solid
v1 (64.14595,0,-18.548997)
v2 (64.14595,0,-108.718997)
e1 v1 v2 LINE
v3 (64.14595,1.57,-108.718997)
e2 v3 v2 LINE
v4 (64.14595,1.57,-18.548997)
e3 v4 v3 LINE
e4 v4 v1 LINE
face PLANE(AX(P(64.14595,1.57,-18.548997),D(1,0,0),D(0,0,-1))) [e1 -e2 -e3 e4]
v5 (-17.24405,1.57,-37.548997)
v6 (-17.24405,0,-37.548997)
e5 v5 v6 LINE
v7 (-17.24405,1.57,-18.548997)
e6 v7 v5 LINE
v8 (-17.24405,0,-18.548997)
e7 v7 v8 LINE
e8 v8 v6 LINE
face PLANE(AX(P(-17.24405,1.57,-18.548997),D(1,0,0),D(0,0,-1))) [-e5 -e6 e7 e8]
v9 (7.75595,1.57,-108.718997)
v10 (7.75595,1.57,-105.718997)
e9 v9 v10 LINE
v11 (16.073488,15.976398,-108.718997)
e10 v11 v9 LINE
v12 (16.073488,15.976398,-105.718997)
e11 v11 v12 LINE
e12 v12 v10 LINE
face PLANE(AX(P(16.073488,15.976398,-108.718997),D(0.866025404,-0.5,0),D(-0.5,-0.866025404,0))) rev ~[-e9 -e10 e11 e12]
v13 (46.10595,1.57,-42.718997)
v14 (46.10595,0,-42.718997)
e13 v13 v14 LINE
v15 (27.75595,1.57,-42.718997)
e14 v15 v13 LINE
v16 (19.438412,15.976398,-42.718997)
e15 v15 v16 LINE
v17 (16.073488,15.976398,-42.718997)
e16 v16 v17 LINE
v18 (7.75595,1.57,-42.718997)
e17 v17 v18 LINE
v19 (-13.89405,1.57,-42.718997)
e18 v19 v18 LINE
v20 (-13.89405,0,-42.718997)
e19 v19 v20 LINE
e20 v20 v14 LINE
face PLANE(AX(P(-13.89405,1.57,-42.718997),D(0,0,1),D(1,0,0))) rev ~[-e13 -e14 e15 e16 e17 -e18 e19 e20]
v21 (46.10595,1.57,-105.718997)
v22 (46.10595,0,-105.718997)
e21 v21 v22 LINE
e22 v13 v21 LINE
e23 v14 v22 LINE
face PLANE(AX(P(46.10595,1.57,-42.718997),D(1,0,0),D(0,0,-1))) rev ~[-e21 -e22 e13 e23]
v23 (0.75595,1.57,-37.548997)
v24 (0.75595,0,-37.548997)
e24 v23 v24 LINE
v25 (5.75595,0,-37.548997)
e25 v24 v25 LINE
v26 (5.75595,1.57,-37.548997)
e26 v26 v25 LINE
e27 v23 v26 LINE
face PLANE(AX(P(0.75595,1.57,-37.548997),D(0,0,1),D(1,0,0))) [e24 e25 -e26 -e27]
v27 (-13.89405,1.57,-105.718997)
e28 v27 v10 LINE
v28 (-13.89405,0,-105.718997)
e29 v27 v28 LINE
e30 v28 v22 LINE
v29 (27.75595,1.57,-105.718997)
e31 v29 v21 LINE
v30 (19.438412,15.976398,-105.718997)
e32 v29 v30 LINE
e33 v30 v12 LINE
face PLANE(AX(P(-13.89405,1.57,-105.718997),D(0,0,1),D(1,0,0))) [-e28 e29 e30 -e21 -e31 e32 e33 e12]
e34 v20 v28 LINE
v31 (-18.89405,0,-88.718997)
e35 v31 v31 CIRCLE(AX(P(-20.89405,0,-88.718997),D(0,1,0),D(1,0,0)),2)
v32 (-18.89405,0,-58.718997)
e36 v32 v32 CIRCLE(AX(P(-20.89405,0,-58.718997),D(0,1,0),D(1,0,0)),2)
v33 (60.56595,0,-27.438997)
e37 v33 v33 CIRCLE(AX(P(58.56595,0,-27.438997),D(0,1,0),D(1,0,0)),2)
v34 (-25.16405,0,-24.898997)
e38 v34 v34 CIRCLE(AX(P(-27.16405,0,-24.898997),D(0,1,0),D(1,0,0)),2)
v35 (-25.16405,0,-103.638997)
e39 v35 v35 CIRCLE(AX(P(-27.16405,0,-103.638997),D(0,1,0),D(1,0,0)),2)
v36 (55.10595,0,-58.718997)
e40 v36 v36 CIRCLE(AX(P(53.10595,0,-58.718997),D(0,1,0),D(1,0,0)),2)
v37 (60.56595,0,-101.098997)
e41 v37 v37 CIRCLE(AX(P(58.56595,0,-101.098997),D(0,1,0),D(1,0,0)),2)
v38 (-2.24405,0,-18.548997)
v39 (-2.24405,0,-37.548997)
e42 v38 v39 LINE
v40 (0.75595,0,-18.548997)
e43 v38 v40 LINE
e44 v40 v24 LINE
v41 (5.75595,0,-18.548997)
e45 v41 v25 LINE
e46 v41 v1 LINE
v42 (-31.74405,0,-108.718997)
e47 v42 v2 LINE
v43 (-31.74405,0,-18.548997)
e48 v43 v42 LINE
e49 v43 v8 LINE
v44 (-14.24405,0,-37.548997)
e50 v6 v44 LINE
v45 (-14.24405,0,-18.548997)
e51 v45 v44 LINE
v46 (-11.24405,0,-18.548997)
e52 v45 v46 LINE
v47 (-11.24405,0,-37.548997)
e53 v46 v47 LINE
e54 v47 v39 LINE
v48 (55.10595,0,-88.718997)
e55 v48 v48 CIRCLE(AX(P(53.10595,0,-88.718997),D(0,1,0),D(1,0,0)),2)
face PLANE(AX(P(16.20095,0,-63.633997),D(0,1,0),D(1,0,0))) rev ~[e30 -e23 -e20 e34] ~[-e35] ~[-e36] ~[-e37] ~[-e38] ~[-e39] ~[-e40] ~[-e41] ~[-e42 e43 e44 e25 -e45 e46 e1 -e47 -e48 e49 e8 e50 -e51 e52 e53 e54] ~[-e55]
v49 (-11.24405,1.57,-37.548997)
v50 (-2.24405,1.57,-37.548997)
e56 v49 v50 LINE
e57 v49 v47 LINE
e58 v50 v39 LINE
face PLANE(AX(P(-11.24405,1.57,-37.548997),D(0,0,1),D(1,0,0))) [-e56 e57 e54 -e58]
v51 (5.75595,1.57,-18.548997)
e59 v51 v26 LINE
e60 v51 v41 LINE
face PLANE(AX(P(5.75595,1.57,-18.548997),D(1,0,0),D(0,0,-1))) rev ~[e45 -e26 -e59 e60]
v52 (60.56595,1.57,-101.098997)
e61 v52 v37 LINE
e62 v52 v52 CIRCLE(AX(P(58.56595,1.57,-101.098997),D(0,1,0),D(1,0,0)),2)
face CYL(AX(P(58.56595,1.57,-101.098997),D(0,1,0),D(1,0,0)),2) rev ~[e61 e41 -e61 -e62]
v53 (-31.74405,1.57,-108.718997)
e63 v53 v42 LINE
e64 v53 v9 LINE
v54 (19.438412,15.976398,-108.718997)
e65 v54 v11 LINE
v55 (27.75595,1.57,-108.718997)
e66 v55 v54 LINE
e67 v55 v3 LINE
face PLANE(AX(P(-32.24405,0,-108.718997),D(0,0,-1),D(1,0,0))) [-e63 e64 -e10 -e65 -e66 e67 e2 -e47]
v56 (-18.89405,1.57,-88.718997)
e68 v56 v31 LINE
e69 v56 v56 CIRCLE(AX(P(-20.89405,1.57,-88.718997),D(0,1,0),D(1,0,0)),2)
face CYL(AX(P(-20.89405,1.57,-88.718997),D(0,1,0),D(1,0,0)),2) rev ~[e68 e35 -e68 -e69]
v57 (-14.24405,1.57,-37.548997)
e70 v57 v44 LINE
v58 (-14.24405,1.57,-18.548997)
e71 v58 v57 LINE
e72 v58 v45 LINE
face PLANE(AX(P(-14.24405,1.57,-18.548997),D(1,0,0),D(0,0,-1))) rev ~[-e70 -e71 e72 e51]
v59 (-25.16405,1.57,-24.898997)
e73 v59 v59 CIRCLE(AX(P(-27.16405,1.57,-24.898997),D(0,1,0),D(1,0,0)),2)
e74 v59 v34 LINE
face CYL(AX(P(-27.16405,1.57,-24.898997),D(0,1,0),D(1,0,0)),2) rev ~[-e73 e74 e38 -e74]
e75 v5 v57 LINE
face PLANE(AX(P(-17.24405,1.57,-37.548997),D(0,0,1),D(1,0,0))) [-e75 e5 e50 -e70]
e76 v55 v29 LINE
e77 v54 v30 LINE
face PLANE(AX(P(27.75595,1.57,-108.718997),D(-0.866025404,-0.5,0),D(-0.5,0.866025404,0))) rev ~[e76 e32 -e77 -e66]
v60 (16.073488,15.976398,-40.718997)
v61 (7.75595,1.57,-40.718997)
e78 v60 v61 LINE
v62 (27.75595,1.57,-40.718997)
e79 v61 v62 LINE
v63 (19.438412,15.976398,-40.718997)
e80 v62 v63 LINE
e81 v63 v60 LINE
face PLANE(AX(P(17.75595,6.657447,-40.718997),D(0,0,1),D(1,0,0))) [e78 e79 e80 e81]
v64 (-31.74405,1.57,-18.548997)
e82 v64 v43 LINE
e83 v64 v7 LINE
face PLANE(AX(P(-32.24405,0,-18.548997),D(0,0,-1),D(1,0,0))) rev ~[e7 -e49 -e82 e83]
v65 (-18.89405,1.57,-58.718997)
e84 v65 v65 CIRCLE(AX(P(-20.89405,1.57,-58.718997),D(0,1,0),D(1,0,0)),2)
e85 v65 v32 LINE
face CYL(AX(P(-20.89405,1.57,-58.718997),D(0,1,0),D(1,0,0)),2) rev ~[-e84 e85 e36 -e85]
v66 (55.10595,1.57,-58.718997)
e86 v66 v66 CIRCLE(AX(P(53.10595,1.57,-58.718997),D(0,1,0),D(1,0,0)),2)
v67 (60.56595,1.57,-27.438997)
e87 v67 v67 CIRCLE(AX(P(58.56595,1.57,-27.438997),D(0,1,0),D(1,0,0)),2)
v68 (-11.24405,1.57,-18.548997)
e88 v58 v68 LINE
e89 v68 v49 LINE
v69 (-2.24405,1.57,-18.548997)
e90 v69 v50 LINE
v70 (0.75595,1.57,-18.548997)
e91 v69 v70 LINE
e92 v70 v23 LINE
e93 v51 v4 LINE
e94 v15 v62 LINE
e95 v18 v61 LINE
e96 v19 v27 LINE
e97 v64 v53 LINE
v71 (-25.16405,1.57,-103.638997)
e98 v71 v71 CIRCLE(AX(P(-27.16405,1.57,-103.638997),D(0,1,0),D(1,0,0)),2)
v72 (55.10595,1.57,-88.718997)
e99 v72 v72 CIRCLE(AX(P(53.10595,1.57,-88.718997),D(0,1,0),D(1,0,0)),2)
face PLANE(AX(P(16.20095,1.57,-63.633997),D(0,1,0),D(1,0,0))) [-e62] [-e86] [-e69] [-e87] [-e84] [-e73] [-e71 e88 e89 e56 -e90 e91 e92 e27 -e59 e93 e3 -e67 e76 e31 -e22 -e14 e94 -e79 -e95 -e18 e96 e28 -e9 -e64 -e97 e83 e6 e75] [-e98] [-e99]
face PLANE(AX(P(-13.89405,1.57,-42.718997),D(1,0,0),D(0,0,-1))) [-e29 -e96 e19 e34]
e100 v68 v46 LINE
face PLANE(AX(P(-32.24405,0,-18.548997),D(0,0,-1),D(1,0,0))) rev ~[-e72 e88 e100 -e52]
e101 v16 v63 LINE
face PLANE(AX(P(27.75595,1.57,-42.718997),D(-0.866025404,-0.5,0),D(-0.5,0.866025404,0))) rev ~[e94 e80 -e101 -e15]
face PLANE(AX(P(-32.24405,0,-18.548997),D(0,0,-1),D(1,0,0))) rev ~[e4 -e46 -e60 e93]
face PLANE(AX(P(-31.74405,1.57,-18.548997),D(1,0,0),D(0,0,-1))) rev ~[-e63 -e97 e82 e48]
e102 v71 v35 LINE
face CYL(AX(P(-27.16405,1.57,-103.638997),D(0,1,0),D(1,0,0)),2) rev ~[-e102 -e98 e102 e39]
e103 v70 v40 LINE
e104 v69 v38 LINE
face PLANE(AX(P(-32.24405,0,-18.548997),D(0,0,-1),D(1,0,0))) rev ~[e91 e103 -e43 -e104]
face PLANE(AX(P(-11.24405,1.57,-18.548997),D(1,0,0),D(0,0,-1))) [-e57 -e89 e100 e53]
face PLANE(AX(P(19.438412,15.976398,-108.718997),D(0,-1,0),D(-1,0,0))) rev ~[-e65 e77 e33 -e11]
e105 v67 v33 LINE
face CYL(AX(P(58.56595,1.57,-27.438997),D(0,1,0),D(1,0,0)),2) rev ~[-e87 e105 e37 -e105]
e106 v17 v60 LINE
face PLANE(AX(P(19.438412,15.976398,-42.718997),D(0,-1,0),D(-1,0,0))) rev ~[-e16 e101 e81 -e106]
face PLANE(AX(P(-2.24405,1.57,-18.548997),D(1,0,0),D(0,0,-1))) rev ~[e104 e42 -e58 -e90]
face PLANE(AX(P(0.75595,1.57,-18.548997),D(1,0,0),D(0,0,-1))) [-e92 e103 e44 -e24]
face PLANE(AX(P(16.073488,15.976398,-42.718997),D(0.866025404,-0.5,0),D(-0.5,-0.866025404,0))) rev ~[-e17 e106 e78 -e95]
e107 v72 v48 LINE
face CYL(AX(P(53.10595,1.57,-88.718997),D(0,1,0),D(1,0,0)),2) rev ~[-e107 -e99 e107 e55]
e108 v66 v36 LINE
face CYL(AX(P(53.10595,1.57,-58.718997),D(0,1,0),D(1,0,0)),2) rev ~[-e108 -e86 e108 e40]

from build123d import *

# Parameters (mm, degrees)
SKETCH1_W               = 96.89
SKETCH1_H               = 90.17
PCB_DEPTH               = 1.57
SKETCH2_R               = 2
M3_MOUNTING_HOLES_DEPTH = 1.57
SKETCH4_R               = 2
CUT_EXTRUDE1_DEPTH      = 23
BOSS_EXTRUDE2_DEPTH     = 2
BOSS_EXTRUDE3_DEPTH     = 3
SKETCH9_W               = 3
SKETCH9_H               = 19
SKETCH9_W_2             = 9
SKETCH9_W_3             = 5
CUT_EXTRUDE2_DEPTH      = 2.57
SKETCH10_W              = 0.5
SKETCH10_H              = 90.17
CUT_EXTRUDE3_DEPTH      = 10
SKETCH11_W              = 60
SKETCH11_H              = 63
CUT_EXTRUDE4_DEPTH      = 10


with BuildPart() as part:
    # Sketch1 → PCB (new body)
    with BuildSketch(Plane(origin=(0, 0, 0), x_dir=(1, 0, 0), z_dir=(0, 1, 0))):
        with Locations((16.200949951, 63.633996534)):
            Rectangle(SKETCH1_W, SKETCH1_H)
    extrude(amount=PCB_DEPTH)

    # Sketch2 → M3 Mounting Holes (cut)
    with BuildSketch(Plane(origin=(0, 1.57, 0), x_dir=(1, 0, 0), z_dir=(0, 1, 0))):
        with Locations((58.565949951, 27.438996534)):
            Circle(SKETCH2_R)
        with Locations((-27.164050049, 24.898996534)):
            Circle(SKETCH2_R)
        with Locations((-27.164050049, 103.638996534)):
            Circle(SKETCH2_R)
        with Locations((58.565949951, 101.098996534)):
            Circle(SKETCH2_R)
    extrude(amount=-M3_MOUNTING_HOLES_DEPTH, mode=Mode.SUBTRACT)

    # Sketch4 → Cut-Extrude1 (cut)
    with BuildSketch(Plane(origin=(0, 1.57, 0), x_dir=(1, 0, 0), z_dir=(0, 1, 0))):
        with Locations((-20.894050049, 88.718996534)):
            Circle(SKETCH4_R)
        with Locations((53.105949951, 88.718996534)):
            Circle(SKETCH4_R)
        with Locations((-20.894050049, 58.718996534)):
            Circle(SKETCH4_R)
        with Locations((53.105949951, 58.718996534)):
            Circle(SKETCH4_R)
    extrude(amount=-CUT_EXTRUDE1_DEPTH, mode=Mode.SUBTRACT)

    # Sketch7 → Boss-Extrude2 (add)
    with BuildSketch(Plane.XY.offset(-42.718996534)):
        Polygon((27.755949951, 1.57), (19.438412086, 15.976398176), (16.073487816, 15.976398176), (7.755949951, 1.57), align=None)
    extrude(amount=BOSS_EXTRUDE2_DEPTH)

    # Sketch8 → Boss-Extrude3 (add)
    with BuildSketch(Plane.XY.offset(-108.718996534)):
        Polygon((27.755949951, 1.57), (19.438412086, 15.976398176), (16.073487816, 15.976398176), (7.755949951, 1.57), align=None)
    extrude(amount=BOSS_EXTRUDE3_DEPTH)

    # Sketch9 → Cut-Extrude2 (cut, through all)
    with BuildSketch(Plane(origin=(0, 1.57, 0), x_dir=(1, 0, 0), z_dir=(0, 1, 0))):
        with Locations((-15.744050049, 28.048996534)):
            Rectangle(SKETCH9_W, SKETCH9_H)
        with Locations((-6.744050049, 28.048996534)):
            Rectangle(SKETCH9_W_2, SKETCH9_H)
        with Locations((3.255949951, 28.048996534)):
            Rectangle(SKETCH9_W_3, SKETCH9_H)
    extrude(amount=-CUT_EXTRUDE2_DEPTH, mode=Mode.SUBTRACT)

    # Sketch10 → Cut-Extrude3 (cut)
    with BuildSketch(Plane(origin=(0, 1.57, 0), x_dir=(1, 0, 0), z_dir=(0, 1, 0))):
        with Locations((-31.994050049, 63.633996534)):
            Rectangle(SKETCH10_W, SKETCH10_H)
        with Locations((64.395949951, 63.633996534)):
            Rectangle(SKETCH10_W, SKETCH10_H)
    extrude(amount=-CUT_EXTRUDE3_DEPTH, mode=Mode.SUBTRACT)

    # Sketch11 → Cut-Extrude4 (cut)
    with BuildSketch(Plane(origin=(0, 1.57, 0), x_dir=(1, 0, 0), z_dir=(0, 1, 0))):
        with Locations((16.105949951, 74.218996534)):
            Rectangle(SKETCH11_W, SKETCH11_H)
    extrude(amount=-CUT_EXTRUDE4_DEPTH, mode=Mode.SUBTRACT)


solid = part.part
